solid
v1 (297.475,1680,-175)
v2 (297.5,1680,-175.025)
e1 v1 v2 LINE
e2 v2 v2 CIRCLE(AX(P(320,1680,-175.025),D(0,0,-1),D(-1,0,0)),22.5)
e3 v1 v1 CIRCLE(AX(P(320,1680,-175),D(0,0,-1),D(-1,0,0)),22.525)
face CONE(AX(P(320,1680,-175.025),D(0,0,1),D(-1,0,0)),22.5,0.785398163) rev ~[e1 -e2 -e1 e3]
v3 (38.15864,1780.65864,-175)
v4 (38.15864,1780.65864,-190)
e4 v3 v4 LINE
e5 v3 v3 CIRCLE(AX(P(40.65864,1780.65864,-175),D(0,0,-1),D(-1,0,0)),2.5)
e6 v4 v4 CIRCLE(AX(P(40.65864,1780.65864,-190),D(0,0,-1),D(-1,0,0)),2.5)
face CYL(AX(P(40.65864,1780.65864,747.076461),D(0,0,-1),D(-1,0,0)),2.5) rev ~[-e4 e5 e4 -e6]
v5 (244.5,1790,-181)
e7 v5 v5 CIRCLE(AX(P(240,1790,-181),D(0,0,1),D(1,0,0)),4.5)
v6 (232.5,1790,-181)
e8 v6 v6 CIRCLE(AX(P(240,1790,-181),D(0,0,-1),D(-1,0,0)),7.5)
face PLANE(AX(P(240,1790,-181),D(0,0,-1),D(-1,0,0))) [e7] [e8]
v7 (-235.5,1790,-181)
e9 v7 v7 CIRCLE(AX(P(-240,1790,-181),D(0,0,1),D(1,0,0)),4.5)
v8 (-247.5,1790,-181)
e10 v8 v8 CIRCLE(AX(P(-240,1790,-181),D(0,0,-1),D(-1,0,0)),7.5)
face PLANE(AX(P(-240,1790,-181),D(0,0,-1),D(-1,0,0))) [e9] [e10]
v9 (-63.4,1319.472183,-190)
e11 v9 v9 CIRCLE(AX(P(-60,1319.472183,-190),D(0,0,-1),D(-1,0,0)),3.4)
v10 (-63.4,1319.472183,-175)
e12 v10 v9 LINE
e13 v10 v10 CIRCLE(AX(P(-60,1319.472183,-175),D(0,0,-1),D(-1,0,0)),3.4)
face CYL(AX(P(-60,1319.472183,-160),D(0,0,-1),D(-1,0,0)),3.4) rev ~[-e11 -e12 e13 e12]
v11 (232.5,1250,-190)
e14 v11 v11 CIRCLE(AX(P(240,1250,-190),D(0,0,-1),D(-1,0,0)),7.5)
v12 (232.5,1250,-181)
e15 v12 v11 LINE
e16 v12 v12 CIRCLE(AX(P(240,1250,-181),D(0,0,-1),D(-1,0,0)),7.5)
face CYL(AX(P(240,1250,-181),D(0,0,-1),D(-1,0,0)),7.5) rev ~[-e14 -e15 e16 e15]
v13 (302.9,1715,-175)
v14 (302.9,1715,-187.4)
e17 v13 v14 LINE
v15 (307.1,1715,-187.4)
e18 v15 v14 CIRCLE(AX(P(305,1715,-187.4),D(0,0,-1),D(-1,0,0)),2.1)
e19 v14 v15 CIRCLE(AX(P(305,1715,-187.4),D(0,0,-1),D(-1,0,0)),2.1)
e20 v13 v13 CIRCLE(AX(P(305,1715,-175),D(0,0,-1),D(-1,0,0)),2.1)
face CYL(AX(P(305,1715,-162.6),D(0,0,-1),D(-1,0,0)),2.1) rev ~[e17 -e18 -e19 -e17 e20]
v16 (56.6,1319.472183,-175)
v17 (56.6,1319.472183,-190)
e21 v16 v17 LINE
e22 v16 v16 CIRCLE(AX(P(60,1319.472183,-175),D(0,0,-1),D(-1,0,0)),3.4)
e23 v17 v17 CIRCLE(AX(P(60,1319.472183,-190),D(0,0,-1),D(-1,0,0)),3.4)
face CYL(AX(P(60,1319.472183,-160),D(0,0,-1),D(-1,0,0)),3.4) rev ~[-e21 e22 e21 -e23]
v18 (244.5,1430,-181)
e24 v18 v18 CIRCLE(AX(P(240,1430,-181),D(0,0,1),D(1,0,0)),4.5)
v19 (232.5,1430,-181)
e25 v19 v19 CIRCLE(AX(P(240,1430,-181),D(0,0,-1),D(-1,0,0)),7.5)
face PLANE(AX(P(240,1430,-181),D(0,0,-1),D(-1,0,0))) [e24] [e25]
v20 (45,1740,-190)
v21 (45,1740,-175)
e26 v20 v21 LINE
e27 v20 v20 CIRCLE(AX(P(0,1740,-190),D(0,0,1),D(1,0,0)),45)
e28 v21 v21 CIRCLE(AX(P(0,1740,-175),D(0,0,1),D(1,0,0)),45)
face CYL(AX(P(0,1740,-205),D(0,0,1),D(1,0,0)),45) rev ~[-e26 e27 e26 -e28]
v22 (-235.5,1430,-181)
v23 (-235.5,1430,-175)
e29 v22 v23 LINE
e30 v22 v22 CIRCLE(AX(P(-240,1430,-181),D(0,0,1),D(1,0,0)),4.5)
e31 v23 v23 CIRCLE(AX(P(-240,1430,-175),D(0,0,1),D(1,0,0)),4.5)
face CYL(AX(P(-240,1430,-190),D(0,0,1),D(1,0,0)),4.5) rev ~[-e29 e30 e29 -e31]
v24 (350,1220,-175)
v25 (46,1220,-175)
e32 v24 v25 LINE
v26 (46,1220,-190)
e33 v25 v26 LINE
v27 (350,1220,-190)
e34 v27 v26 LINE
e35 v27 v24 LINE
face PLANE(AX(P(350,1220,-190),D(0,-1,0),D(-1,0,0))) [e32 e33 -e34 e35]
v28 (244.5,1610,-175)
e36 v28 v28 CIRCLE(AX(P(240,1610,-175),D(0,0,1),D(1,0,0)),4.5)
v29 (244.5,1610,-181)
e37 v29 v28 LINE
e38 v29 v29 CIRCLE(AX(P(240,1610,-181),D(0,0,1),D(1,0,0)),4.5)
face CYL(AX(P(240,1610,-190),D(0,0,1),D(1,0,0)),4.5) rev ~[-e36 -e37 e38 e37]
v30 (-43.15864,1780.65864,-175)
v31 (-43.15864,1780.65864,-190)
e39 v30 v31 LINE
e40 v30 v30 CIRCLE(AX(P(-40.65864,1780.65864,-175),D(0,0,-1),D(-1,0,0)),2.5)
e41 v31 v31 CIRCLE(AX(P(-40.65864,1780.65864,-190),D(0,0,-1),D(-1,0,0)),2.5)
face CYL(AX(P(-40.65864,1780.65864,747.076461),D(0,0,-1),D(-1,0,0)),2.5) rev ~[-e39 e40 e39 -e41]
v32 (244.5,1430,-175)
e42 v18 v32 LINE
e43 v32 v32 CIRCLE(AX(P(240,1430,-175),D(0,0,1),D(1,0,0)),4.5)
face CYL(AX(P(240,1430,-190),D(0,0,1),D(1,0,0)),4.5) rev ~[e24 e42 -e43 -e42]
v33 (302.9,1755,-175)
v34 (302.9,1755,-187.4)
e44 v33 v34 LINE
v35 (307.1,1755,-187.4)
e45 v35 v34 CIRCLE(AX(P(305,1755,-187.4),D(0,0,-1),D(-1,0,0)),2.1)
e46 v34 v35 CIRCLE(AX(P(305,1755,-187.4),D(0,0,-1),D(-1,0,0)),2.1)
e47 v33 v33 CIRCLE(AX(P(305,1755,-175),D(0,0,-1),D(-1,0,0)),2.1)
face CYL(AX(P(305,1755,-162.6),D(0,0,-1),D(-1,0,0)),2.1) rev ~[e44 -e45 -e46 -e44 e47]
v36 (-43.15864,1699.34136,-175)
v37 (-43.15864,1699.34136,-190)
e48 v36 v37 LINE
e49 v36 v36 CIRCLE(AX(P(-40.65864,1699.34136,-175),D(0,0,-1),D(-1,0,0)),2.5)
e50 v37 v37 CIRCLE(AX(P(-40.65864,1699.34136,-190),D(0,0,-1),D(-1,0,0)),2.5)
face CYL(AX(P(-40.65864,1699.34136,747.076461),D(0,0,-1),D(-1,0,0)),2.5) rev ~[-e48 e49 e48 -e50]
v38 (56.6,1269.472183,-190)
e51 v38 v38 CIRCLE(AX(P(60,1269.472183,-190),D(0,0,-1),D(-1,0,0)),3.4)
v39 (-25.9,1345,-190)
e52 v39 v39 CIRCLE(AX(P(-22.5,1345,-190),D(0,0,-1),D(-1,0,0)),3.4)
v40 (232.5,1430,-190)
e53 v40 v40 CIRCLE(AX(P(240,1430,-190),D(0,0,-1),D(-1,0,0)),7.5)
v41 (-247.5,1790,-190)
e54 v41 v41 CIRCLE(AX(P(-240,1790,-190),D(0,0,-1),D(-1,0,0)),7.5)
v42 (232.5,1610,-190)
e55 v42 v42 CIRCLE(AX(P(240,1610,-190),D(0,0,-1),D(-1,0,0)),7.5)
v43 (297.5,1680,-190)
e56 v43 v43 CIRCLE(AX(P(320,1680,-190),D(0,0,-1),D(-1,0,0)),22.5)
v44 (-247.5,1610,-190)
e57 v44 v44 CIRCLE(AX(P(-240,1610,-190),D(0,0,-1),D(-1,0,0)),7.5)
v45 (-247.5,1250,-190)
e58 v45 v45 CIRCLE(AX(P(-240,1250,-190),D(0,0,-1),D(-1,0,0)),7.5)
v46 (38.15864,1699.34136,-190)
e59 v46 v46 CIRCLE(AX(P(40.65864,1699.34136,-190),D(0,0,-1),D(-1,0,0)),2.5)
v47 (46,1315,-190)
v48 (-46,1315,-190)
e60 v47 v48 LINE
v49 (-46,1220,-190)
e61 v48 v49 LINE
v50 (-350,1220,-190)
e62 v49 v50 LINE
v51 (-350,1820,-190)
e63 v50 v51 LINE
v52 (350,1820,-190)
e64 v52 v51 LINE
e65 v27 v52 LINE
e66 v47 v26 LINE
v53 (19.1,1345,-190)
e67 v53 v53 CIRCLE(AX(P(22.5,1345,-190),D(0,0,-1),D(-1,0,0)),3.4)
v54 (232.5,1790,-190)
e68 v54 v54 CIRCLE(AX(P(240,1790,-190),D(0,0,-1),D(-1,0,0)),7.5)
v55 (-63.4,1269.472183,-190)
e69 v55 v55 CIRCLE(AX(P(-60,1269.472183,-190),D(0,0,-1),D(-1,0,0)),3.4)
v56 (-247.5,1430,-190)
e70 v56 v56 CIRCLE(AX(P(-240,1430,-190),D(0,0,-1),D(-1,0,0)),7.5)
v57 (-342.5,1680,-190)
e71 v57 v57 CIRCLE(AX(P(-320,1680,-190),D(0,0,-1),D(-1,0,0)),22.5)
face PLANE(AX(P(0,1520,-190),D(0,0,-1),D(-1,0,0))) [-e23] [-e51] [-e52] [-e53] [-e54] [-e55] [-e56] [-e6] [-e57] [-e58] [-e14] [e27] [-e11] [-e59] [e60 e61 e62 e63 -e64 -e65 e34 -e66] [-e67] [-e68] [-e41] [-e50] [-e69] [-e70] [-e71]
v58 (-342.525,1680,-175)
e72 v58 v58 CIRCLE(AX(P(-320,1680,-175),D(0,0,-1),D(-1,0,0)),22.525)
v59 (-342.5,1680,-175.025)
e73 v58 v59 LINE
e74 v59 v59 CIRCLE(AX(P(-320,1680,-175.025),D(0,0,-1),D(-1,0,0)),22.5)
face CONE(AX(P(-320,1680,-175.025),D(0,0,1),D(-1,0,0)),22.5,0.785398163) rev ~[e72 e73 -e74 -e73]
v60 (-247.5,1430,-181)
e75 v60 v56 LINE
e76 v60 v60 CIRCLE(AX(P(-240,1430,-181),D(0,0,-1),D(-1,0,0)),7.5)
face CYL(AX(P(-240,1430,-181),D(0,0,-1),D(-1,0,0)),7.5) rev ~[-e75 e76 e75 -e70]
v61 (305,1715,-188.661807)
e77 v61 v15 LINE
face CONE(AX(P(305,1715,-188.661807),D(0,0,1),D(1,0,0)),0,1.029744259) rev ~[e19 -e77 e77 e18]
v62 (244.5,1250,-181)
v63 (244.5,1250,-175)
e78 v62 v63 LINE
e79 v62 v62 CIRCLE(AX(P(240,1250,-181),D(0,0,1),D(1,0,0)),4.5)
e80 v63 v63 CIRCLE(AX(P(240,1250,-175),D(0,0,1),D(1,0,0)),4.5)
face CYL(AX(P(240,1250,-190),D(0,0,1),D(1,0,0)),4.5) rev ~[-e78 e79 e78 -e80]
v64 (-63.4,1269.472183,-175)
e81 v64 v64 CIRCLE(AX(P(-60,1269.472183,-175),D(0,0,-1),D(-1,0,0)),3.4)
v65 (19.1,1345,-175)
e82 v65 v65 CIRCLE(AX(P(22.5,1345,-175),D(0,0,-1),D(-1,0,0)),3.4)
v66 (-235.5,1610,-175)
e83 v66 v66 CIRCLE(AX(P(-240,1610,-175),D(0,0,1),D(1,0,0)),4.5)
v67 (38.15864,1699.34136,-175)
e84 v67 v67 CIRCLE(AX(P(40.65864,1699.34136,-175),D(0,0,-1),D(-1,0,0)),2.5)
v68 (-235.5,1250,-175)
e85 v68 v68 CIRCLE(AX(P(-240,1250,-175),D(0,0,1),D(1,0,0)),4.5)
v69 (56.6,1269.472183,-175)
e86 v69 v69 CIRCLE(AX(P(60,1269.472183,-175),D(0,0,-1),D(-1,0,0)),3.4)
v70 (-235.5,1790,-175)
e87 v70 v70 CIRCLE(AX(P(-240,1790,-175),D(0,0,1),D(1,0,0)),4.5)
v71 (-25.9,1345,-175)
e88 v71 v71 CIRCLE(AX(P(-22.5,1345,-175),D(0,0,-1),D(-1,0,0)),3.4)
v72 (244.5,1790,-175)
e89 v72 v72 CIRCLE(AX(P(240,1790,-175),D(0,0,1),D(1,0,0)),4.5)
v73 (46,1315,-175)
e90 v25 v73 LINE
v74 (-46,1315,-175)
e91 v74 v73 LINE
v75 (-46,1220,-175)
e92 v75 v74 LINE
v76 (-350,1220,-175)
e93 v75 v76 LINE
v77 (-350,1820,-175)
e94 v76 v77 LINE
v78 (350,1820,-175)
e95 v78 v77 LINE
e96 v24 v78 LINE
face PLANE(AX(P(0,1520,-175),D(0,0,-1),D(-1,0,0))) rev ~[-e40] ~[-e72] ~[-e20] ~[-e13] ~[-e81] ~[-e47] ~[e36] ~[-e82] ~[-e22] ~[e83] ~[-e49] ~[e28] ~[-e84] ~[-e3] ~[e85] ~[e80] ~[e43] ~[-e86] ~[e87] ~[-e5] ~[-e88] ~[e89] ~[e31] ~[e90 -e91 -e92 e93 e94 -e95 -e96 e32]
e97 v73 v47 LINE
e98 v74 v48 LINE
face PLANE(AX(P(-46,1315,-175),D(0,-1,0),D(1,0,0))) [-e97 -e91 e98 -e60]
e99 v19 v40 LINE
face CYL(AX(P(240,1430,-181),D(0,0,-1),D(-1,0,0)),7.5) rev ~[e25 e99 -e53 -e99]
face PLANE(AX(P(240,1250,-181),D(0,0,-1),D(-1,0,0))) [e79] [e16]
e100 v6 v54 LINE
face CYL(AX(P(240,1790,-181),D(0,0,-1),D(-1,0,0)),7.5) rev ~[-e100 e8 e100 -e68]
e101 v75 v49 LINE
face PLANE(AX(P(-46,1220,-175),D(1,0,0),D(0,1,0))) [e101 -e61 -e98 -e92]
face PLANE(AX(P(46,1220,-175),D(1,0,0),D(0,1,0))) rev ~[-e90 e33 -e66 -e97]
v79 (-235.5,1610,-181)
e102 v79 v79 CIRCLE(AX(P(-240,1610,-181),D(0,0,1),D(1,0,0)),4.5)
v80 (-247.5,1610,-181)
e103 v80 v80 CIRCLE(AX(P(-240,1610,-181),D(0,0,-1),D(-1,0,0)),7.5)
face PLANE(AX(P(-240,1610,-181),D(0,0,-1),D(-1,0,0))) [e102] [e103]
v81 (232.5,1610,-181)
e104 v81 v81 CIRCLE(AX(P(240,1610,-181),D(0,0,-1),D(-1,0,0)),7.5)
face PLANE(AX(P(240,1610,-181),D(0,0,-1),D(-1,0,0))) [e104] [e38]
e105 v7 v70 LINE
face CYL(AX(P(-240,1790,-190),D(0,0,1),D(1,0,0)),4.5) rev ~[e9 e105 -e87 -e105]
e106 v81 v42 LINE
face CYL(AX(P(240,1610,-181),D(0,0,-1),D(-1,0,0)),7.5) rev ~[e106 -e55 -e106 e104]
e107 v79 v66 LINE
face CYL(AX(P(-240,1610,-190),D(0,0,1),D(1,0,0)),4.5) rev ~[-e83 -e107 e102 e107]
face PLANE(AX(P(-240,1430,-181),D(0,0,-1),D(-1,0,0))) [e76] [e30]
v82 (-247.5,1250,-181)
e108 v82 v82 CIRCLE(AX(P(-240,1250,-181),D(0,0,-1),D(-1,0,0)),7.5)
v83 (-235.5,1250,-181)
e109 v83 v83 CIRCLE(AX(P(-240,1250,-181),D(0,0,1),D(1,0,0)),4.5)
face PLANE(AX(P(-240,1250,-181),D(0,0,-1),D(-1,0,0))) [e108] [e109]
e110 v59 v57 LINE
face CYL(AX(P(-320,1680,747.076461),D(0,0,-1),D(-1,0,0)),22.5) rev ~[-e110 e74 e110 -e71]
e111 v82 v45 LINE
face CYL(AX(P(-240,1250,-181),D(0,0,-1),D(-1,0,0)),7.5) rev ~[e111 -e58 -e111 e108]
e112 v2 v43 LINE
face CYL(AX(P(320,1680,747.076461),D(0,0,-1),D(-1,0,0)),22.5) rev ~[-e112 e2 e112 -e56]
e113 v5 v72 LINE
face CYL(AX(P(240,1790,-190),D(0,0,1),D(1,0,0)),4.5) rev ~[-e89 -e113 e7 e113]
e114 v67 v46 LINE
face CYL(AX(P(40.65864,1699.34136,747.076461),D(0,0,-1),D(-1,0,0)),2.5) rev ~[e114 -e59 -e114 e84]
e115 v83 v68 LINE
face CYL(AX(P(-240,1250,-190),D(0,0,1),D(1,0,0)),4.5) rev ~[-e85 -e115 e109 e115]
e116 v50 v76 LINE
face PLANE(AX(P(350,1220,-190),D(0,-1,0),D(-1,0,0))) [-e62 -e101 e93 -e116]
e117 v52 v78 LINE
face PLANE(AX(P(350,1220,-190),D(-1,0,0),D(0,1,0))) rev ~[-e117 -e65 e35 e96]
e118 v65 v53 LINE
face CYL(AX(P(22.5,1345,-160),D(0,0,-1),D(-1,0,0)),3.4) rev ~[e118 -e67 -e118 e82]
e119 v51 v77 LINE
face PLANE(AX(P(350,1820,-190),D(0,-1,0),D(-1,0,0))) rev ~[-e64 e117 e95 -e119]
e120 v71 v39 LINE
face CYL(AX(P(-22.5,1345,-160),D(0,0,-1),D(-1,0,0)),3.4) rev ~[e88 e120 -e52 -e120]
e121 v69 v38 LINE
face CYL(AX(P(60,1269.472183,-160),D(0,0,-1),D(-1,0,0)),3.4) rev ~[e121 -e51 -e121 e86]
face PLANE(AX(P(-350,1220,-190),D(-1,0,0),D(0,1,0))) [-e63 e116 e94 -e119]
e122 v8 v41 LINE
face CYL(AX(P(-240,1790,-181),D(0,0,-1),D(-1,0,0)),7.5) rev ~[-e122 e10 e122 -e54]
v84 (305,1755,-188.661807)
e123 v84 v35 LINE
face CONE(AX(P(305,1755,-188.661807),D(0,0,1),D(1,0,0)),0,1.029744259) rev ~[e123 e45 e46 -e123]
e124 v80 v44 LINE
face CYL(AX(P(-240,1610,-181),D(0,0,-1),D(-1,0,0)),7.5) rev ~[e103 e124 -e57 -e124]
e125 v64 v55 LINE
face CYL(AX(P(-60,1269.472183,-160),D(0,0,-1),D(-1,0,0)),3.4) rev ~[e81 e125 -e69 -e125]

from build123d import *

# Parameters (mm, degrees)
SKETCH_1_W                   = 700
SKETCH_1_H                   = 600
EXTRUDE_1_DEPTH              = 15
SKETCH_2_W                   = 92
SKETCH_2_H                   = 95
CUT_EXTRUDE_1_DEPTH          = 16
HOLE_WIZARD_5_0_5_1_D        = 5
HOLE_WIZARD_6_8_6_8_1_D      = 6.8
HOLE_WIZARD_6_8_6_8_1_DEPTH  = 15
HOLE_WIZARD_M8_1_D           = 9
HOLE_WIZARD_M8_1_DEPTH       = 15
HOLE_WIZARD_M8_1_CBORE_D     = 15
HOLE_WIZARD_M8_1_CBORE_DEPTH = 9
HOLE_WIZARD_4_2_4_2_1_D      = 4.2
HOLE_WIZARD_4_2_4_2_1_DEPTH  = 12.4
HOLE_WIZARD_4_2_4_2_1_TIP    = 1.2618073
HOLE_WIZARD_M80_1_D          = 90
HOLE_WIZARD_M80_1_DEPTH      = 15
HOLE_WIZARD_M39_1_D          = 45
CHAMFER_1_SIZE               = 0.025


with BuildPart() as part:
    # 草图1 → 凸台-拉伸1 (new body)
    with BuildSketch(Plane(origin=(0, 0, -190), x_dir=(-1, 0, 0), z_dir=(0, 0, -1))):
        with Locations((0, 1520)):
            Rectangle(SKETCH_1_W, SKETCH_1_H)
    extrude(amount=-EXTRUDE_1_DEPTH)

    # 草图2 → 切除-拉伸1 (cut, through all)
    with BuildSketch(Plane.XY.offset(-175)):
        with Locations((0, 1267.5)):
            Rectangle(SKETCH_2_W, SKETCH_2_H)
    extrude(amount=-CUT_EXTRUDE_1_DEPTH, mode=Mode.SUBTRACT)

    # Ø5.0 (5) 直径孔1 (through all)
    with Locations(Plane.XY.offset(-175)):
        with Locations((-40.658639918, 1699.341360082), (40.658639918, 1699.341360082), (40.658639918, 1780.658639918), (-40.658639918, 1780.658639918)):
            Hole(HOLE_WIZARD_5_0_5_1_D / 2)

    # Ø6.8 (6.8) 直径孔1
    with Locations(Plane.XY.offset(-175)):
        with Locations((60, 1319.472182943), (60, 1269.472182943), (-60, 1269.472182943), (-60, 1319.472182943), (22.5, 1345), (-22.5, 1345)):
            Hole(HOLE_WIZARD_6_8_6_8_1_D / 2, depth=HOLE_WIZARD_6_8_6_8_1_DEPTH)

    # M8 六角头螺栓的柱形沉头孔1
    with Locations(Plane(origin=(0, 0, -190), x_dir=(-1, 0, 0), z_dir=(0, 0, -1))):
        with Locations((240, 1250), (240, 1430), (240, 1610), (240, 1790), (-240, 1250), (-240, 1430), (-240, 1610), (-240, 1790)):
            CounterBoreHole(HOLE_WIZARD_M8_1_D / 2, HOLE_WIZARD_M8_1_CBORE_D / 2, HOLE_WIZARD_M8_1_CBORE_DEPTH, depth=HOLE_WIZARD_M8_1_DEPTH)

    # Ø4.2 (4.2) 直径孔1
    with Locations(Plane.XY.offset(-175)):
        with Locations((305, 1715), (305, 1755)):
            Hole(HOLE_WIZARD_4_2_4_2_1_D / 2, depth=HOLE_WIZARD_4_2_4_2_1_DEPTH)
            with Locations((0, 0, -(HOLE_WIZARD_4_2_4_2_1_DEPTH + HOLE_WIZARD_4_2_4_2_1_TIP / 2))):  # 118° drill point
                Cone(0, HOLE_WIZARD_4_2_4_2_1_D / 2, HOLE_WIZARD_4_2_4_2_1_TIP, mode=Mode.SUBTRACT)

    # M80 间隙孔1
    with Locations(Plane(origin=(0, 0, -190), x_dir=(-1, 0, 0), z_dir=(0, 0, -1))):
        with Locations((0, 1740)):
            Hole(HOLE_WIZARD_M80_1_D / 2, depth=HOLE_WIZARD_M80_1_DEPTH)

    # M39 间隙孔1 (through all)
    with Locations(Plane.XY.offset(-175)):
        with Locations((-320, 1680), (320, 1680)):
            Hole(HOLE_WIZARD_M39_1_D / 2)

    # 倒角1
    chamfer_1_edges = [part.edges().sort_by_distance(p)[0] for p in [
        (342.5, 1680, -175),
        (-297.5, 1680, -175),
    ]]
    chamfer(chamfer_1_edges, length=CHAMFER_1_SIZE)


solid = part.part
